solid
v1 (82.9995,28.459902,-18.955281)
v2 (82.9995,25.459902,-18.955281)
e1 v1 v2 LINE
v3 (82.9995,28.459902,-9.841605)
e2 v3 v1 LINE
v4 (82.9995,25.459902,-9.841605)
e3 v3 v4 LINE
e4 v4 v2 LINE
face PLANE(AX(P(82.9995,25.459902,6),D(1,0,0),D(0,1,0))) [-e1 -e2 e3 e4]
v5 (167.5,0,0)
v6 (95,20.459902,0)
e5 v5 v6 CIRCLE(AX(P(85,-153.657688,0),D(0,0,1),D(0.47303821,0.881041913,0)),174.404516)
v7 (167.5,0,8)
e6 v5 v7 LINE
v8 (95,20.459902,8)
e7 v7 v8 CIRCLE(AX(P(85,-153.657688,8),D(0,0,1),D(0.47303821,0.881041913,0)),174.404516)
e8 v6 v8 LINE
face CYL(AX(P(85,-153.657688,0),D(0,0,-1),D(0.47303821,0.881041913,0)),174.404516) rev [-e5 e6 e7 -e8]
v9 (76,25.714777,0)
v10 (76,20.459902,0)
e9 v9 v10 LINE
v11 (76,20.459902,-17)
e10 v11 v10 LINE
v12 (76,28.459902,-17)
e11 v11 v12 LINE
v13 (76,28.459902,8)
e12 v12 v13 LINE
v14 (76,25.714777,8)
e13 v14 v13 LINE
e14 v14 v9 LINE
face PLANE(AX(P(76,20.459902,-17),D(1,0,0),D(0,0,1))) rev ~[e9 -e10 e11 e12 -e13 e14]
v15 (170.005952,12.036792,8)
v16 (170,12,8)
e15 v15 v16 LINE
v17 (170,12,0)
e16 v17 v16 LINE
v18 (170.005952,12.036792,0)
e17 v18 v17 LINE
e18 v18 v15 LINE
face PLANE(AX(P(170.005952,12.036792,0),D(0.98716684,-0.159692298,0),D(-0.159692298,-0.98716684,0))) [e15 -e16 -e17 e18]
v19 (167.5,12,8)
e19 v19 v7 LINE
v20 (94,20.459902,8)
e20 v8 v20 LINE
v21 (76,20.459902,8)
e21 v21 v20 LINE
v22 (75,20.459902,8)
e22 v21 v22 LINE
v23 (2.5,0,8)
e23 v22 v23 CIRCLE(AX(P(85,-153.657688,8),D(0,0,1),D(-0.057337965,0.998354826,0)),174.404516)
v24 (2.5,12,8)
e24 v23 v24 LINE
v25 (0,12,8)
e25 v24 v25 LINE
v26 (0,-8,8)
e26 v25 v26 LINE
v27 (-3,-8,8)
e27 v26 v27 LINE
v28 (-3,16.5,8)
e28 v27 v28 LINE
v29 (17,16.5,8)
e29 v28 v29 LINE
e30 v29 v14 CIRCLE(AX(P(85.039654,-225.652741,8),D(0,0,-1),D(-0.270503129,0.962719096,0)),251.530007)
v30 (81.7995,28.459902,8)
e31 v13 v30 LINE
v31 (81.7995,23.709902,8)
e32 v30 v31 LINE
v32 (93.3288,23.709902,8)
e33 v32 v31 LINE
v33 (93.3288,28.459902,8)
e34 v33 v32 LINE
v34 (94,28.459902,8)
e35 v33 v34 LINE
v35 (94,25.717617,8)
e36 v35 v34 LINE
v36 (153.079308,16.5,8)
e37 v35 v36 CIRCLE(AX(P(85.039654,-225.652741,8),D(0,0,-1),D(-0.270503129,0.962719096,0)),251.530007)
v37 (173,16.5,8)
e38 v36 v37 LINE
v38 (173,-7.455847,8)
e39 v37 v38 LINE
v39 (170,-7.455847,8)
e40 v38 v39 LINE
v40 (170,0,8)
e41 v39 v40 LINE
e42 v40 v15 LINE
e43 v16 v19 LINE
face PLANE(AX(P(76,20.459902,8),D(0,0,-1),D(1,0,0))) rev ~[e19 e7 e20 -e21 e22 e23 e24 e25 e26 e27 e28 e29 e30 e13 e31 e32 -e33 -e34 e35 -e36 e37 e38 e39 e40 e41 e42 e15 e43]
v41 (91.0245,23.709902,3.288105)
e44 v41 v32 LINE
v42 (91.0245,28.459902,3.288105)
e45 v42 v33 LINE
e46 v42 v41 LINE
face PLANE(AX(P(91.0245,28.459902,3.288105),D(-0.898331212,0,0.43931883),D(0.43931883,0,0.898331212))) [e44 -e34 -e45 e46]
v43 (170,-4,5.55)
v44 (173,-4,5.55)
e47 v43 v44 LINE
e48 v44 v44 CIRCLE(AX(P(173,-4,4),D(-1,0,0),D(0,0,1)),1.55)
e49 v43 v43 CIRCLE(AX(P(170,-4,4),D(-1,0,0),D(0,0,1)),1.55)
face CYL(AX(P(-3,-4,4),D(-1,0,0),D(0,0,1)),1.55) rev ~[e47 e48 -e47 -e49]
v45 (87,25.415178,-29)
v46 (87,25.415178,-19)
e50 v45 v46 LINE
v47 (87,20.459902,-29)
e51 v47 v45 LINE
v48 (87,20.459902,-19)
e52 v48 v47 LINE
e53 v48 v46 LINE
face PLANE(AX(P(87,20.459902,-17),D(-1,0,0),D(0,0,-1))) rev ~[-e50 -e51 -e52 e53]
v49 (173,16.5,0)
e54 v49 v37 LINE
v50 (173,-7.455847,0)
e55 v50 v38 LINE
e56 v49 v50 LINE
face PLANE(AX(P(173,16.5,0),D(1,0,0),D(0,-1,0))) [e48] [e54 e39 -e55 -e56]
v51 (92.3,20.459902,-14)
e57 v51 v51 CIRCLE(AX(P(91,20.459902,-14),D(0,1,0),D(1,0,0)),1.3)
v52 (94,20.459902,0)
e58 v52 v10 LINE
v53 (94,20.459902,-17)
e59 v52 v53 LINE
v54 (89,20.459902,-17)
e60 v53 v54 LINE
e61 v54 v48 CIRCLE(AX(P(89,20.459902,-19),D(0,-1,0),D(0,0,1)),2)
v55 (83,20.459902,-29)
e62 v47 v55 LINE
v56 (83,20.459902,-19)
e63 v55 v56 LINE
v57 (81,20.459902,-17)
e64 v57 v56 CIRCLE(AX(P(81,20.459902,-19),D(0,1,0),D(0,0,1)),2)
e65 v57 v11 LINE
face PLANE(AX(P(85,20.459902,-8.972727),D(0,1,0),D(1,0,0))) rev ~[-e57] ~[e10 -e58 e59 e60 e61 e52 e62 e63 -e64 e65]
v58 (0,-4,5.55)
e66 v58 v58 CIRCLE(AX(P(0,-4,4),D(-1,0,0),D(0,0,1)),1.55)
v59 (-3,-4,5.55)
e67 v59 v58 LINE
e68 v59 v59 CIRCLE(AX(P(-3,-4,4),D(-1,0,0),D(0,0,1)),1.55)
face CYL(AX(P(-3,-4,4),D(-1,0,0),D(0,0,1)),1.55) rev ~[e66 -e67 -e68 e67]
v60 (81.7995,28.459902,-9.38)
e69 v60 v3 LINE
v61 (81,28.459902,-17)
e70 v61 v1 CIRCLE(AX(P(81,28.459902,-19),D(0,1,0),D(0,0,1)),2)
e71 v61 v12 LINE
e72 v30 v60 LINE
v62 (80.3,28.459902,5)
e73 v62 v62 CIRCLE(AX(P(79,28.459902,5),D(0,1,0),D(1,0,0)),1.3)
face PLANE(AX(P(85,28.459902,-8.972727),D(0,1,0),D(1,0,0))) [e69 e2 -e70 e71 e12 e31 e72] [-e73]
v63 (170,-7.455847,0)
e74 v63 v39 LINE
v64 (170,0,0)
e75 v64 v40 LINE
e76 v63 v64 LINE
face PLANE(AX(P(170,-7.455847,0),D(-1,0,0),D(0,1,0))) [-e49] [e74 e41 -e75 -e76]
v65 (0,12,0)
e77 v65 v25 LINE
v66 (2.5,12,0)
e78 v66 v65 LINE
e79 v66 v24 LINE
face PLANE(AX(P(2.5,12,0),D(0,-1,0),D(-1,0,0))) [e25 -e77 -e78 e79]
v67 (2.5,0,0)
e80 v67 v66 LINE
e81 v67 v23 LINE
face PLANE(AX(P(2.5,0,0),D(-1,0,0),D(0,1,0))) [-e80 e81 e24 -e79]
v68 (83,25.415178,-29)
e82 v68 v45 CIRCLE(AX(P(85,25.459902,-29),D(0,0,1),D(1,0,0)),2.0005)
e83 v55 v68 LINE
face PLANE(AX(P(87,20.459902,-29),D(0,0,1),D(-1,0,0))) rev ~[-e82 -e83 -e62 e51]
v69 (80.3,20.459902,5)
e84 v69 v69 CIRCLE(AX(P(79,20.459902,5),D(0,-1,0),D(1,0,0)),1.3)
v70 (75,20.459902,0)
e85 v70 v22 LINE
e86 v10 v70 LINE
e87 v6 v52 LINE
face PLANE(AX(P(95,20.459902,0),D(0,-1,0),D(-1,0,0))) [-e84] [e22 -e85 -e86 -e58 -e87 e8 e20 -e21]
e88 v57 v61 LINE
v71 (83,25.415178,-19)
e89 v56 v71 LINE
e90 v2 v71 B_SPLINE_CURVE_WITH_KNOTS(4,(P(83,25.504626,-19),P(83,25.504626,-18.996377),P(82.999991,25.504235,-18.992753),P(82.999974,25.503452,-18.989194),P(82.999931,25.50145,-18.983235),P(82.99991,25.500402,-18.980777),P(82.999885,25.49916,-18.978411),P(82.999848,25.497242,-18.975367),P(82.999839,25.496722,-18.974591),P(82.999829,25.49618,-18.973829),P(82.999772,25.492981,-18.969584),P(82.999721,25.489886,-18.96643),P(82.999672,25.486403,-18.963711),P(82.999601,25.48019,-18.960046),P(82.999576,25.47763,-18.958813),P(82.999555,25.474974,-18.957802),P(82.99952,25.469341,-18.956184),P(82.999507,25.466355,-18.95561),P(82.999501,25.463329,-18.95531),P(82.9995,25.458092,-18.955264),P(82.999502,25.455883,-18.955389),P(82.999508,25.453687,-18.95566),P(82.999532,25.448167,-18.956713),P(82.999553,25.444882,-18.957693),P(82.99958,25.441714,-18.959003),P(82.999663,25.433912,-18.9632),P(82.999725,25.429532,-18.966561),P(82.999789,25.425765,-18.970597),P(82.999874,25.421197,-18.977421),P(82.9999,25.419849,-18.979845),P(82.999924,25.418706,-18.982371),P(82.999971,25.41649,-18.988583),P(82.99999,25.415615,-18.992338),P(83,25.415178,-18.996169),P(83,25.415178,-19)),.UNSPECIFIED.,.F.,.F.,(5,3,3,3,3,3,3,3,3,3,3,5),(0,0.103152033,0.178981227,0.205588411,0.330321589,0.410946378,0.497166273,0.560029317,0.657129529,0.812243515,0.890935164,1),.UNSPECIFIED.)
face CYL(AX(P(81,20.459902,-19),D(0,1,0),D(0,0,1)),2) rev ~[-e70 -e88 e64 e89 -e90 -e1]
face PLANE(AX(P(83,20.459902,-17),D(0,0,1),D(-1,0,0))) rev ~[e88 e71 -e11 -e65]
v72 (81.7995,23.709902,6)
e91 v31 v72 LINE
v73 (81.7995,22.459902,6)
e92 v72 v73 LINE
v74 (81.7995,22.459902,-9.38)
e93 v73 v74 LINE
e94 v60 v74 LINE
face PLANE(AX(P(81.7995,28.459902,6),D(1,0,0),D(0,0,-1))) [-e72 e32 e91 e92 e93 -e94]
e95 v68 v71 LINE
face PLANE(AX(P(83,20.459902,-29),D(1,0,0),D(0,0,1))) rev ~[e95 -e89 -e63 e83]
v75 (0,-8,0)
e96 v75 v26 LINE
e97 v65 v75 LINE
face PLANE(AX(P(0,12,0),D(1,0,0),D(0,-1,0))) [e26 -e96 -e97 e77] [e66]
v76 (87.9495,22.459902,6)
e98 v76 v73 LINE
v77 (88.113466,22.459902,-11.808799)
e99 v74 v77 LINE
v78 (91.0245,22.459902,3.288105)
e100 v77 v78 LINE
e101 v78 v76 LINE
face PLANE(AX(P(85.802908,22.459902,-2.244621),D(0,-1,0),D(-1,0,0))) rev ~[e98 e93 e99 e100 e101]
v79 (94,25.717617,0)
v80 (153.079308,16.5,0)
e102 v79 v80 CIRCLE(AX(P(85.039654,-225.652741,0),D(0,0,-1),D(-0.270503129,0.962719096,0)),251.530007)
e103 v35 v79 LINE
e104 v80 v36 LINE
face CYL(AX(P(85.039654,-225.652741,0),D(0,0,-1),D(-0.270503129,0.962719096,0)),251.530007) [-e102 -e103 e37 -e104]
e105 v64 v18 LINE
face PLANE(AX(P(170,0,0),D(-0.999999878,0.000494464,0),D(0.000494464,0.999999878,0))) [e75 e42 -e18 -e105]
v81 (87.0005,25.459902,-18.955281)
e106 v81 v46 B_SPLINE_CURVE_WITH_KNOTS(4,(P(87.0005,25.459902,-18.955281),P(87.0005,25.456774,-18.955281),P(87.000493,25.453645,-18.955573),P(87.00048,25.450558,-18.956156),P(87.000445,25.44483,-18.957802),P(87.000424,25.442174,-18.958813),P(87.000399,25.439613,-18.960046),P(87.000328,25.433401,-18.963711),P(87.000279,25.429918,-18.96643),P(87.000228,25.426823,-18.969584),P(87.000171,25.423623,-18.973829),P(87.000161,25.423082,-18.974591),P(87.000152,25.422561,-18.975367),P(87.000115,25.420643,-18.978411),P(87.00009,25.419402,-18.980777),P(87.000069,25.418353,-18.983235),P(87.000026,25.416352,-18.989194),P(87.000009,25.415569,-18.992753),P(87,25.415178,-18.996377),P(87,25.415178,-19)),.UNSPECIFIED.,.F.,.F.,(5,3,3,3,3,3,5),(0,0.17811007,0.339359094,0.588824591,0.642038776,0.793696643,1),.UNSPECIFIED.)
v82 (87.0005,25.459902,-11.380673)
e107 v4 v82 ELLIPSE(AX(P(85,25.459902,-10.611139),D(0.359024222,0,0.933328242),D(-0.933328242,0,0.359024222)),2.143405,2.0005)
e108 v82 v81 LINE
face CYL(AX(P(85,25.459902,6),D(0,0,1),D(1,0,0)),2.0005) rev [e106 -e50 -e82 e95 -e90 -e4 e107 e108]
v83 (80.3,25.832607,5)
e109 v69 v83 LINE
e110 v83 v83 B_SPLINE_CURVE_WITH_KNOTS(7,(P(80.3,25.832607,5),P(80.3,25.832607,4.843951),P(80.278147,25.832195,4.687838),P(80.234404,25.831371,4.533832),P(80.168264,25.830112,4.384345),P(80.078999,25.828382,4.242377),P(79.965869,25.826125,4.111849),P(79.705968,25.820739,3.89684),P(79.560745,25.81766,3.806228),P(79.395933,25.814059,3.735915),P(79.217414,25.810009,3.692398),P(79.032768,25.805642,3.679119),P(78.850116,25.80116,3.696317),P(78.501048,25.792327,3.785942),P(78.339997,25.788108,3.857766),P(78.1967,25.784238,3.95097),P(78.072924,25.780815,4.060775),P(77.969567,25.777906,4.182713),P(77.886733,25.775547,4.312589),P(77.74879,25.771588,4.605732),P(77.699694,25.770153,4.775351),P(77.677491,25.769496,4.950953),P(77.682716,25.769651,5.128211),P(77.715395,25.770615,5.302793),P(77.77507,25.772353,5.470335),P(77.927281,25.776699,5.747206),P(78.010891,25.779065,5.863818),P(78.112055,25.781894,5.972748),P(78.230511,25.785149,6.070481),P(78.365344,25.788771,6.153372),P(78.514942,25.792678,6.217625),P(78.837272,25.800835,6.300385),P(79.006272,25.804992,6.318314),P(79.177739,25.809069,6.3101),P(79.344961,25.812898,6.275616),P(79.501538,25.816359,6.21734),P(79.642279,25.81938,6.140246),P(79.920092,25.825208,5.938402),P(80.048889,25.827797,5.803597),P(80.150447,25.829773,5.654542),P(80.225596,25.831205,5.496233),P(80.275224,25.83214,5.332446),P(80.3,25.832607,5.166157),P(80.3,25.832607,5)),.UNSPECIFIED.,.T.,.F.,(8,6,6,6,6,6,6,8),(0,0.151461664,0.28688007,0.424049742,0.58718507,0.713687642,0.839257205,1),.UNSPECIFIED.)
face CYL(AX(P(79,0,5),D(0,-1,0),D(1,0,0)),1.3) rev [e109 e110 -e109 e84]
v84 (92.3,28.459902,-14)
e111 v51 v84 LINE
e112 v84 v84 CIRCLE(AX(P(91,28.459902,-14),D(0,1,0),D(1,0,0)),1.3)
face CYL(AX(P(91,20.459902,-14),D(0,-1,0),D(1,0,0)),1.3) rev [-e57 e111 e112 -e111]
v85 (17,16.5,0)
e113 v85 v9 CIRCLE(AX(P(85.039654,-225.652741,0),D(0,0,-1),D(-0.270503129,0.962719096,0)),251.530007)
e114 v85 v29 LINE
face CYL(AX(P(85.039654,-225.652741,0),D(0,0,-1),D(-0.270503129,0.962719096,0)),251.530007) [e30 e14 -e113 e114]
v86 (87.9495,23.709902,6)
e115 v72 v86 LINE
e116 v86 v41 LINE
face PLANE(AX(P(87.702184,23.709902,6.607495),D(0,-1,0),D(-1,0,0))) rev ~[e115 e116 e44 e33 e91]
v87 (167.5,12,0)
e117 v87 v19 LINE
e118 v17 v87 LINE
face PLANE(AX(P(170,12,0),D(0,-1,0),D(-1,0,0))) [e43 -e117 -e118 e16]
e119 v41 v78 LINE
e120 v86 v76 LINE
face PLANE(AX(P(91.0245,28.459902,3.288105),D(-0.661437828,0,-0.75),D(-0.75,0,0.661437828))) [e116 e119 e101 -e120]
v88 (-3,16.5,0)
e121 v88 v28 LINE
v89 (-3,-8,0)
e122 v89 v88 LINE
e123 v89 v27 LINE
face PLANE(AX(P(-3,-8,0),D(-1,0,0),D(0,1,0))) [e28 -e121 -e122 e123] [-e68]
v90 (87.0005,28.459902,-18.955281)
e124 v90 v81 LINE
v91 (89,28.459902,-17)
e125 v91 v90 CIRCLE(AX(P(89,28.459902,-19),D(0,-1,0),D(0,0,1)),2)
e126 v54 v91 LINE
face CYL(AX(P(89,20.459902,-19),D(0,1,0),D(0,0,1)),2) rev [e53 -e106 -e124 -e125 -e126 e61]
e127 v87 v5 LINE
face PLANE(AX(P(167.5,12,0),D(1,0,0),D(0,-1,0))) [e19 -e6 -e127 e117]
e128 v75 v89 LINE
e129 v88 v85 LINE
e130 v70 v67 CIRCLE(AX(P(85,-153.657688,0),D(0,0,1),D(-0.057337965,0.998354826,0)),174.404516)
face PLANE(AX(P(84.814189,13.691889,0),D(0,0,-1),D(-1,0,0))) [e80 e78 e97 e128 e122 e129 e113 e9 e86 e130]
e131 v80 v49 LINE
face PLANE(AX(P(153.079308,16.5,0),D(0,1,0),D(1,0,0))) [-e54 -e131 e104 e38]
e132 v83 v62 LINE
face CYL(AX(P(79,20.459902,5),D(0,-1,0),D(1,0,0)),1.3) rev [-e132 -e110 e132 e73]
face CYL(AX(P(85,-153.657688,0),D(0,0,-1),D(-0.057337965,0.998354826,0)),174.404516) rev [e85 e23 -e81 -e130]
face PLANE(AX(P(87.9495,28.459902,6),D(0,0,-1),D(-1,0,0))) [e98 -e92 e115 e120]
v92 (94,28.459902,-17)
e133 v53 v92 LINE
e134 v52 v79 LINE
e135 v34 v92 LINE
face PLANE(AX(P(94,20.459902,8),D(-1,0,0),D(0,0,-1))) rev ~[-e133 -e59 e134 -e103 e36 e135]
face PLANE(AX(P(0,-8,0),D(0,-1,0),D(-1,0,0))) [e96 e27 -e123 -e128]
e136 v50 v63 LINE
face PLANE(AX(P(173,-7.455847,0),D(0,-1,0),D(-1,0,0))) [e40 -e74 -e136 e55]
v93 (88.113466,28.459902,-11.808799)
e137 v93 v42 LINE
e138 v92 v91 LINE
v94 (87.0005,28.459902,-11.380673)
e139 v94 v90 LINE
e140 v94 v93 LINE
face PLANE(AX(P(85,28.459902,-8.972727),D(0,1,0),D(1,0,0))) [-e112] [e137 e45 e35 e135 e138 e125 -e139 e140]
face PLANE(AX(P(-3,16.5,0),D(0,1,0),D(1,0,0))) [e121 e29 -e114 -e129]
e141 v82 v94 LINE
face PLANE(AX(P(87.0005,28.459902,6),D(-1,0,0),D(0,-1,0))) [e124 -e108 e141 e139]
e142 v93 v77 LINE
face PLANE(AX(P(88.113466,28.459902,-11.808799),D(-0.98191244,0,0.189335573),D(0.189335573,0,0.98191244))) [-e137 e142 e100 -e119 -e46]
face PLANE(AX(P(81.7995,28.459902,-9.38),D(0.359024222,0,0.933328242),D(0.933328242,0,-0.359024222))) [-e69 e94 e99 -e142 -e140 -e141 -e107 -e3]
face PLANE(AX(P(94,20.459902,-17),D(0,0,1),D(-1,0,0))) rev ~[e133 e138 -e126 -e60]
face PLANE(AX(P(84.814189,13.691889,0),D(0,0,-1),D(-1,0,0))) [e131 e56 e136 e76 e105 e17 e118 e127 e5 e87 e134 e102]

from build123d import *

# Parameters (mm, degrees)
BOSS_EXTRUDE1_DEPTH     = 8
SKETCH2_R               = 1.55
CUT_EXTRUDE1_DEPTH      = 177
BOSS_EXTRUDE3_START     = 20.459902
SKETCH3_R               = 1.3
BOSS_EXTRUDE3_DEPTH     = 8
CUT_EXTRUDE2_START      = -2
CUT_EXTRUDE2_DEPTH      = 40
SKETCH3_3_R             = 1.3
CUT_EXTRUDE3_DEPTH      = 29.4599021
CUT_EXTRUDE3_DEPTH_BACK = 9
CUT_EXTRUDE4_DEPTH      = 6
CUT_EXTRUDE5_DEPTH      = 4.75
FILLET1_R               = 2


with BuildPart() as part:
    # Sketch1 → Boss-Extrude1 (new body)
    with BuildSketch(Plane.XY):
        with BuildLine():
            Line((-3, 0), (-3, 16.5))
            Line((-3, 16.5), (17, 16.5))
            ThreePointArc((17, 16.5), (85.039654136, 25.877266165), (153.079308271, 16.5))
            Line((153.079308271, 16.5), (173, 16.5))
            Line((173, 16.5), (173, 0.544153422))
            Line((173, 0.544153422), (173, -7.455846578))
            Line((173, -7.455846578), (170, -7.455846578))
            Line((170, -7.455846578), (170, 0))
            Line((170, 0), (170.005951762, 12.036791894))
            Line((170.005951762, 12.036791894), (170, 12))
            Line((170, 12), (167.5, 12))
            Line((167.5, 12), (167.5, 0))
            ThreePointArc((167.5, 0), (132.367862473, 14.191115036), (95, 20.459901787))
            Line((95, 20.459901787), (75, 20.459901787))
            ThreePointArc((75, 20.459901787), (37.632137527, 14.191115036), (2.5, 0))
            Line((2.5, 0), (2.5, 12))
            Line((2.5, 12), (0, 12))
            Line((0, 12), (0, 0))
            Line((0, 0), (0, -8))
            Line((0, -8), (-3, -8))
            Line((-3, -8), (-3, 0))
        make_face()
    extrude(amount=BOSS_EXTRUDE1_DEPTH)

    # Sketch2 → Cut-Extrude1 (cut, through all)
    with BuildSketch(Plane.ZY.offset(3)):
        with Locations((4, -4)):
            Circle(SKETCH2_R)
    extrude(amount=-CUT_EXTRUDE1_DEPTH, mode=Mode.SUBTRACT)

    # Sketch3 → Boss-Extrude3 (add)
    with BuildSketch(Plane(origin=(0, 0, 0), x_dir=(1, 0, 0), z_dir=(0, 1, 0)).offset(BOSS_EXTRUDE3_START)):
        Polygon((94, 17), (87, 17), (87, 29), (83, 29), (83, 17), (76, 17), (76, -8), (94, -8), align=None)
        with Locations((91, 14)):
            Circle(SKETCH3_R, mode=Mode.SUBTRACT)
        with Locations((79, -5)):
            Circle(SKETCH3_R, mode=Mode.SUBTRACT)
    extrude(amount=BOSS_EXTRUDE3_DEPTH)

    # Sketch5 → Cut-Extrude2 (cut)
    with BuildSketch(Plane.XY.offset(8).offset(CUT_EXTRUDE2_START)):
        with BuildLine():
            Line((82.9995, 25.459901787), (82.9995, 28.459901787))
            Line((82.9995, 28.459901787), (87.0005, 28.459901787))
            Line((87.0005, 28.459901787), (87.0005, 25.459901787))
            ThreePointArc((87.0005, 25.459901787), (85, 23.459401787), (82.9995, 25.459901787))
        make_face()
    extrude(amount=-CUT_EXTRUDE2_DEPTH, mode=Mode.SUBTRACT)

    # Sketch3<3> → Cut-Extrude3 (cut, two sides)
    with BuildSketch(Plane(origin=(0, 0, 0), x_dir=(1, 0, 0), z_dir=(0, 1, 0))) as cut_extrude3_sk:
        with Locations((79, -5)):
            Circle(SKETCH3_3_R)
    extrude(amount=CUT_EXTRUDE3_DEPTH, mode=Mode.SUBTRACT)
    extrude(cut_extrude3_sk.sketch, amount=-CUT_EXTRUDE3_DEPTH_BACK, mode=Mode.SUBTRACT)

    # Sketch6 → Cut-Extrude4 (cut)
    with BuildSketch(Plane(origin=(0, 28.459901787, 0), x_dir=(1, 0, 0), z_dir=(0, 1, 0))):
        Polygon((81.7995, 9.38), (88.113465558, 11.808798865), (91.0245, -3.288104906), (87.9495, -6), (81.7995, -6), align=None)
    extrude(amount=-CUT_EXTRUDE4_DEPTH, mode=Mode.SUBTRACT)

    # Sketch7 → Cut-Extrude5 (cut)
    with BuildSketch(Plane(origin=(0, 28.459901787, 0), x_dir=(1, 0, 0), z_dir=(0, 1, 0))):
        Polygon((91.0245, -3.288104906), (93.328799585, -8), (81.7995, -8), (81.7995, -6), (87.9495, -6), align=None)
    extrude(amount=-CUT_EXTRUDE5_DEPTH, mode=Mode.SUBTRACT)

    # Fillet1
    fillet1_edges = [part.edges().sort_by_distance(p)[0] for p in [
        (87, 22.937539816, -17),
        (83, 22.937539816, -17),
    ]]
    fillet(fillet1_edges, radius=FILLET1_R)


solid = part.part
